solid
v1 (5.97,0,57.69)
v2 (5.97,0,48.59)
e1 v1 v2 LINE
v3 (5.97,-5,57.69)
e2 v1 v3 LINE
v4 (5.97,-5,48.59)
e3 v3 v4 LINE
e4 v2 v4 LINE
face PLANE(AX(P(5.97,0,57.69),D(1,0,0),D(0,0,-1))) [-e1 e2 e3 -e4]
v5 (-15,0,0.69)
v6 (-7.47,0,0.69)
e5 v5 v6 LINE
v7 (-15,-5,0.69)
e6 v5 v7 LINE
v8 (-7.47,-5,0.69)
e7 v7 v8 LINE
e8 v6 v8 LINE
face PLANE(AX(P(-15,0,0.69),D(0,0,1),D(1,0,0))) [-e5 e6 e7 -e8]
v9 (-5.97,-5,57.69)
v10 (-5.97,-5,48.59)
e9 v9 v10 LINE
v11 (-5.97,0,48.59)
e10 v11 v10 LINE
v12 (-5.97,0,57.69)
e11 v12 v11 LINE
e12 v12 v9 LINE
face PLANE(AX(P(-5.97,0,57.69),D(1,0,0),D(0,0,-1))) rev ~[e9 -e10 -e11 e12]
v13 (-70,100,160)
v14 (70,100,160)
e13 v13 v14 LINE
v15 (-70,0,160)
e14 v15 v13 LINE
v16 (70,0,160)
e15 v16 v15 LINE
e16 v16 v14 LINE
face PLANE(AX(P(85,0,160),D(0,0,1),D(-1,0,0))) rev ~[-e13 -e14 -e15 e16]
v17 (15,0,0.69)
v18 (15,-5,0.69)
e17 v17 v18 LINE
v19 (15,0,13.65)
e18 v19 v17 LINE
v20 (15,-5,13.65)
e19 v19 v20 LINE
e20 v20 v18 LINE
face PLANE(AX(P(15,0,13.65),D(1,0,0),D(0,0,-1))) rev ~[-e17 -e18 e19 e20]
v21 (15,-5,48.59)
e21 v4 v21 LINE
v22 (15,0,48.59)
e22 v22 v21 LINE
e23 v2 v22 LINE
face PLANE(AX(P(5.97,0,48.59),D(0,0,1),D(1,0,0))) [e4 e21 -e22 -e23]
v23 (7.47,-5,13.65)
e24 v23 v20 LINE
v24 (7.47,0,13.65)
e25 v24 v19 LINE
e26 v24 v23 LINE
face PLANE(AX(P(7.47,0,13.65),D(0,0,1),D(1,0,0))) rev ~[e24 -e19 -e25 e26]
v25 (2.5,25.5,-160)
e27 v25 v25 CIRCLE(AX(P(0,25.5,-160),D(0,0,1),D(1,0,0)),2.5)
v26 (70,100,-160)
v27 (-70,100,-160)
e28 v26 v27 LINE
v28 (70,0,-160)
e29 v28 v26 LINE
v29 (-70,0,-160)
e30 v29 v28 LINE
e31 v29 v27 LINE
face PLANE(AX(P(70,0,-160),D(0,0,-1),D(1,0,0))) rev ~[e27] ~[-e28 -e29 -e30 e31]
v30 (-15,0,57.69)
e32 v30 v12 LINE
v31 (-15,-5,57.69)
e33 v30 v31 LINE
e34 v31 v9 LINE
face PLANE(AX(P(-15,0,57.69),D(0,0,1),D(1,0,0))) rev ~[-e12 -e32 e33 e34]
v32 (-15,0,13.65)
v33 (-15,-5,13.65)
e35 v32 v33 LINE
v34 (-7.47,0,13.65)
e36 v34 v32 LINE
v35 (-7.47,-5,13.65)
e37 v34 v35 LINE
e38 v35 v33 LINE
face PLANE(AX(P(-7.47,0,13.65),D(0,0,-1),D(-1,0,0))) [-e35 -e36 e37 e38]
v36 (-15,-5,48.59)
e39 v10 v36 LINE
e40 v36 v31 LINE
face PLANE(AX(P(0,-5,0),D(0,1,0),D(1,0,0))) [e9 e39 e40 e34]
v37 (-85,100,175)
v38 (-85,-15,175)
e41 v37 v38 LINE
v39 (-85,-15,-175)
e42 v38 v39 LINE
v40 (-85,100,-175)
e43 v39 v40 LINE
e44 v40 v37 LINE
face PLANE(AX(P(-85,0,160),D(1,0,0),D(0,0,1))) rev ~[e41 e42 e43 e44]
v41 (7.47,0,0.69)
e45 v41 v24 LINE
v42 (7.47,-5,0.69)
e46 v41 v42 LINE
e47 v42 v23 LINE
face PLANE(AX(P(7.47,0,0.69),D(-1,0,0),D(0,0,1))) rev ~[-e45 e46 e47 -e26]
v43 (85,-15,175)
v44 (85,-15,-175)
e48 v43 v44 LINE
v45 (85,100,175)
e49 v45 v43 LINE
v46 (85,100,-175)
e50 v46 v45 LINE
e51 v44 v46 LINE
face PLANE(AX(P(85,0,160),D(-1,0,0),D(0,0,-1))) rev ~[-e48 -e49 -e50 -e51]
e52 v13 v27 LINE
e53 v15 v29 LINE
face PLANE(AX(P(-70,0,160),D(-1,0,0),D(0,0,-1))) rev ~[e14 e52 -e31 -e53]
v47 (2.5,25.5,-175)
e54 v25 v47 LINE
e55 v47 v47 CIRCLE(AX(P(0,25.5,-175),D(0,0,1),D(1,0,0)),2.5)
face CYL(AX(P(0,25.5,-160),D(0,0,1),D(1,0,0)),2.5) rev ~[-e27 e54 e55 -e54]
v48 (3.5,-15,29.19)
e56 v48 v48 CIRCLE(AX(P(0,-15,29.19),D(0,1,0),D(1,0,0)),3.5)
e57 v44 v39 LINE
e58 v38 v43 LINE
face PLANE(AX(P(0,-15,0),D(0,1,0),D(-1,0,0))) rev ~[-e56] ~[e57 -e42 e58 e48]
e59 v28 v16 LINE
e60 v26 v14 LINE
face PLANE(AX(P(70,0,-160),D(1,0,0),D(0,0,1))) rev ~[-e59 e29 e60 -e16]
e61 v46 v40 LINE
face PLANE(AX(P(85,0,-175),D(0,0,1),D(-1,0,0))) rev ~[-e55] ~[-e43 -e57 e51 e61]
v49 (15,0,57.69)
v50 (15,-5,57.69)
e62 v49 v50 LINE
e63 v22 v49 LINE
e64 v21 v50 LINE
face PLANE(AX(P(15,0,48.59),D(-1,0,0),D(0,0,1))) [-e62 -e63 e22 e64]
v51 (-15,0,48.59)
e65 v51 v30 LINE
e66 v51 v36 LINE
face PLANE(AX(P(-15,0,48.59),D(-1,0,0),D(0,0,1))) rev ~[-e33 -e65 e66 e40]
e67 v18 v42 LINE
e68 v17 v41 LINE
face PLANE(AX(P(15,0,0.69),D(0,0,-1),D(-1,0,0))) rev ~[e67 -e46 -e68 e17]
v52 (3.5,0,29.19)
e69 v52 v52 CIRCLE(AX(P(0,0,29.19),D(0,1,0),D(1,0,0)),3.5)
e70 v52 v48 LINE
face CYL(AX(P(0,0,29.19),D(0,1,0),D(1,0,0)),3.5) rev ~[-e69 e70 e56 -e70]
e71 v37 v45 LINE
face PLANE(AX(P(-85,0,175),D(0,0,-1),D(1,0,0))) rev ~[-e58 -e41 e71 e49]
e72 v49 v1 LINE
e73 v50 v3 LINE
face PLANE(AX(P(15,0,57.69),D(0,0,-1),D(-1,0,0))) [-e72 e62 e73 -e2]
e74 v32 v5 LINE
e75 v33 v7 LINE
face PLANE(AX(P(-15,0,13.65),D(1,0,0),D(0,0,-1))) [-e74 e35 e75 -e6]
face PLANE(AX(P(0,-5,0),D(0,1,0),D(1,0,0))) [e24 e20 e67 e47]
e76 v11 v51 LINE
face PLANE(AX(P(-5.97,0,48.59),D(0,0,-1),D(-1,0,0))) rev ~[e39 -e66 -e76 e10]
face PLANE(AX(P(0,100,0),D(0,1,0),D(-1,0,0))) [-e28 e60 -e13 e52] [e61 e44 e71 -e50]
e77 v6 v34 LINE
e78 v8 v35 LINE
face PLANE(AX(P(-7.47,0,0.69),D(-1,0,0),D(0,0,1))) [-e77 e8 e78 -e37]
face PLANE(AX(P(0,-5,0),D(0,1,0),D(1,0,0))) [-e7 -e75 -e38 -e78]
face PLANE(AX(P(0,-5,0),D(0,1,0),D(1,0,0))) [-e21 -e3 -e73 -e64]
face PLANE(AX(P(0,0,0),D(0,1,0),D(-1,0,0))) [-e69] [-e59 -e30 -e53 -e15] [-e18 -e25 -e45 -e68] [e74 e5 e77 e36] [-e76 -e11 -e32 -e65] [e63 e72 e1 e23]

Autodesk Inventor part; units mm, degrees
ref_plane "YZ Plane" through (0, 0, 0) normal (1, 0, 0) x (0, 1, 0)
ref_plane "XZ Plane" through (0, 0, 0) normal (0, 1, 0) x (-1, 0, 0)
ref_plane "XY Plane" through (0, 0, 0) normal (0, 0, 1) x (1, 0, 0)
sketch "Boceto1" plane through (0, 0, 0) normal (0, 1, 0) x (-1, 0, 0)
  line L0 (-85, -175) -> (85, -175)
  line L1 (85, -175) -> (85, 175)
  line L2 (85, 175) -> (-85, 175)
  line L3 (-85, 175) -> (-85, -175)
  line L4 (70, 160) -> (70, -160)
  line L5 (85, -160) -> (-85, -160)
  line L6 (-70, -160) -> (-70, 160)
  line L7 (-85, 160) -> (85, 160)
  line L8 (0, -160) -> (0, -60) construction
  line L9 (0, 175) -> (0, 29.19) construction
  circle A0 centre (0, 29.19) radius 5 construction
  line L10 (0, 29.19) -> (0, 0.69) construction
  line L11 (0, 29.19) -> (0, 57.69) construction
  line L12 (17.8997, 57.69) -> (-17.8997, 57.69) construction
  line L13 (-17.8997, 57.69) -> (-17.8997, 0.69) construction
  line L14 (-17.8997, 0.69) -> (17.8997, 0.69) construction
  line L15 (17.8997, 0.69) -> (17.8997, 57.69) construction
  point P0 (0, 0)
  dimension "d0" = 170
  dimension "d1" = 350
  dimension "d2" = 15
  dimension "d7" = 100
  dimension "d8" = 145.81
  dimension "d9" = 10
  dimension "d12" = 28.5
  dimension "d13" = 28.5
extrude "Extrusión1" add sketch "Boceto1" along normal blind 100 contours L3 L5 L1 L0
extrude "Extrusión2" add sketch "Boceto1" along normal blind 100 contours L5 L4 L7 L1
extrude "Extrusión3" add sketch "Boceto1" against normal blind 15
sketch "Boceto2" plane through (-70, 100, -160) normal (0, 0, 1) x (1, 0, 0)
  line L0 (155, -100) -> (155, 0) construction
  line L1 (0, 0) -> (77.5, 0)
  line L2 (0, 0) -> (155, 0) projected
  line L3 (77.5, -100) -> (70, -100) construction
  line L4 (0, -100) -> (155, -100) construction
  line L5 (70, -100) -> (70, -74.5) construction
  circle A0 centre (70, -74.5) radius 2.5
  circle A1 centre (70, -74.5) radius 7.5
  dimension "d94" = 7.5
  dimension "d95" = 25.5
  dimension "d96" = 5
  dimension "d97" = 5
extrude "Extrusión4" cut sketch "Boceto2" against normal through all contours A0
extrude "Extrusión5" add sketch "Boceto1" along normal blind 100 contours L3 L2 L1 L7
extrude "Extrusión6" add sketch "Boceto1" along normal blind 100 contours L3 L7 L6 L5
sketch "Boceto3" plane through (0, 0, 0) normal (0, 1, 0) x (1, 0, 0)
  line L0 (-70, -160) -> (-70, 160) construction
  line L1 (-70, -160) -> (7.5, -160) construction
  line L2 (-70, -160) -> (85, -160) construction
  line L3 (-70, -160) -> (7.5, -160) construction
  line L4 (7.5, -29.19) -> (-9, -29.19) construction
  line L5 (15, -57.69) -> (5.97, -57.69)
  line L6 (5.97, -57.69) -> (5.97, -48.59)
  line L7 (5.97, -48.59) -> (15, -48.59)
  line L8 (15, -48.59) -> (15, -57.69)
  line L9 (15, -0.69) -> (7.47, -0.69)
  line L10 (7.47, -0.69) -> (7.47, -13.65)
  line L11 (7.47, -13.65) -> (15, -13.65)
  line L12 (15, -13.65) -> (15, -0.69)
  line L13 (85, 175) -> (85, -175) projected
  line L14 (85, -29.19) -> (0, -29.19) construction
  circle A0 centre (0, -29.19) radius 3.5
  line L15 (0, -29.19) -> (0, -22.225) construction
  line L16 (-15, -57.69) -> (-5.97, -57.69)
  line L17 (-5.97, -48.59) -> (-15, -48.59)
  line L18 (-15, -48.59) -> (-15, -57.69)
  line L19 (-15, -0.69) -> (-7.47, -0.69)
  line L20 (-7.47, -0.69) -> (-7.47, -13.65)
  line L21 (-7.47, -13.65) -> (-15, -13.65)
  line L22 (-15, -13.65) -> (-15, -0.69)
  line L23 (-5.97, -57.69) -> (-5.97, -48.59)
  line L24 (-85, -175) -> (85, -175) projected
  point P0 (-85, -160)
  point P1 (15, -7.17)
  point P2 (-15, -7.17)
  dimension "d46" = 9.03
  dimension "d47" = 9.1
  dimension "d48" = 12.96
  dimension "d54" = 85
  dimension "d55" = 7
  dimension "d62" = 30
  dimension "d63" = 30
  dimension "d68" = 70
  dimension "d69" = 117.31
  dimension "d70" = 90.97
  dimension "d71" = 161.35
  dimension "d72" = 70
  dimension "d73" = 7.53
  dimension "d74" = 92.47
extrude "Extrusión12" cut sketch "Boceto3" against normal blind 5 contours L5 L6 L7 L8 | L12 L11 L10 L9 | L18 L17 L23 L16 | L19 L20 L21 L22
extrude "Extrusión13" cut sketch "Boceto3" against normal through all contours A0
sketch "Boceto8" plane through (85, 100, -160) normal (1, 0, 0) x (0, 0, -1)
  line L0 (-320, -100) -> (0, -100) projected
  line L1 (0, -100) -> (-100, -100)
  line L2 (-100, -100) -> (-100, -14.2875)
  line L3 (-335, -100) -> (0, -100) projected
  line L4 (-192.69, -100) -> (-185.69, -100) projected
  line L5 (-189.19, -100) -> (-100, -100)
  line L6 (-335, -115) -> (15, -115) projected
  point P0 (-160, -100)
  dimension "d66" = 100
  dimension "d67" = 89.19
sketch "Boceto9" plane through (0, 0, 0) normal (0, 1, 0) x (1, 0, 0)
  line L0 (0, 160) -> (0, 60)
  line L1 (0, 60) -> (40, 60) construction
  line L2 (0, 60) -> (-40, 60) construction
  line L3 (0, 60) -> (-40, 60) construction
  line L4 (40, 60) -> (40, 52.5) construction
  line L5 (40, 60) -> (40, 67.5) construction
  line L6 (40, 67.5) -> (20, 67.5)
  line L7 (20, 67.5) -> (20, 52.5)
  line L8 (20, 52.5) -> (40, 52.5)
  line L9 (40, 52.5) -> (40, 67.5)
  line L10 (-40, 60) -> (-40, 67.5) construction
  line L11 (-40, 67.5) -> (-20, 67.5)
  line L12 (-20, 67.5) -> (-20, 52.5)
  line L13 (-20, 52.5) -> (-40, 52.5)
  line L14 (-40, 67.5) -> (-40, 52.5)
  line L15 (-20, 80) -> (-40, 80)
  line L16 (-40, 80) -> (-40, 40)
  line L17 (-40, 40) -> (-20, 40)
  line L18 (-20, 40) -> (-20, 80)
  line L19 (20, 80) -> (40, 80)
  line L20 (40, 80) -> (40, 40)
  line L21 (40, 40) -> (20, 40)
  line L22 (20, 40) -> (20, 80)
  point P0 (0, 0)
  point P1 (-30, 60)
  dimension "d80" = 100
  dimension "d83" = 40
  dimension "d86" = 7.5
  dimension "d87" = 7.5
  dimension "d88" = 20
  dimension "d89" = 15
  dimension "d98" = 20
  dimension "d99" = 40
extrude "Extrusión14" [suppressed]
sketch "Boceto10" plane through (0, 0, 0) normal (0, 1, 0) x (1, 0, 0)
  circle A0 centre (0, -29.19) radius 3.5 projected
  line L0 (0, -29.19) -> (0, 170.81)
  line L1 (0, -29.19) -> (200, -29.19) construction
  point P0 (0, 0)
  dimension "d92" = 200
  dimension "d93" = 90
extrude "Extrusión15" [suppressed]
properties part number "DarkBox" material "Madera (cerezo)"
